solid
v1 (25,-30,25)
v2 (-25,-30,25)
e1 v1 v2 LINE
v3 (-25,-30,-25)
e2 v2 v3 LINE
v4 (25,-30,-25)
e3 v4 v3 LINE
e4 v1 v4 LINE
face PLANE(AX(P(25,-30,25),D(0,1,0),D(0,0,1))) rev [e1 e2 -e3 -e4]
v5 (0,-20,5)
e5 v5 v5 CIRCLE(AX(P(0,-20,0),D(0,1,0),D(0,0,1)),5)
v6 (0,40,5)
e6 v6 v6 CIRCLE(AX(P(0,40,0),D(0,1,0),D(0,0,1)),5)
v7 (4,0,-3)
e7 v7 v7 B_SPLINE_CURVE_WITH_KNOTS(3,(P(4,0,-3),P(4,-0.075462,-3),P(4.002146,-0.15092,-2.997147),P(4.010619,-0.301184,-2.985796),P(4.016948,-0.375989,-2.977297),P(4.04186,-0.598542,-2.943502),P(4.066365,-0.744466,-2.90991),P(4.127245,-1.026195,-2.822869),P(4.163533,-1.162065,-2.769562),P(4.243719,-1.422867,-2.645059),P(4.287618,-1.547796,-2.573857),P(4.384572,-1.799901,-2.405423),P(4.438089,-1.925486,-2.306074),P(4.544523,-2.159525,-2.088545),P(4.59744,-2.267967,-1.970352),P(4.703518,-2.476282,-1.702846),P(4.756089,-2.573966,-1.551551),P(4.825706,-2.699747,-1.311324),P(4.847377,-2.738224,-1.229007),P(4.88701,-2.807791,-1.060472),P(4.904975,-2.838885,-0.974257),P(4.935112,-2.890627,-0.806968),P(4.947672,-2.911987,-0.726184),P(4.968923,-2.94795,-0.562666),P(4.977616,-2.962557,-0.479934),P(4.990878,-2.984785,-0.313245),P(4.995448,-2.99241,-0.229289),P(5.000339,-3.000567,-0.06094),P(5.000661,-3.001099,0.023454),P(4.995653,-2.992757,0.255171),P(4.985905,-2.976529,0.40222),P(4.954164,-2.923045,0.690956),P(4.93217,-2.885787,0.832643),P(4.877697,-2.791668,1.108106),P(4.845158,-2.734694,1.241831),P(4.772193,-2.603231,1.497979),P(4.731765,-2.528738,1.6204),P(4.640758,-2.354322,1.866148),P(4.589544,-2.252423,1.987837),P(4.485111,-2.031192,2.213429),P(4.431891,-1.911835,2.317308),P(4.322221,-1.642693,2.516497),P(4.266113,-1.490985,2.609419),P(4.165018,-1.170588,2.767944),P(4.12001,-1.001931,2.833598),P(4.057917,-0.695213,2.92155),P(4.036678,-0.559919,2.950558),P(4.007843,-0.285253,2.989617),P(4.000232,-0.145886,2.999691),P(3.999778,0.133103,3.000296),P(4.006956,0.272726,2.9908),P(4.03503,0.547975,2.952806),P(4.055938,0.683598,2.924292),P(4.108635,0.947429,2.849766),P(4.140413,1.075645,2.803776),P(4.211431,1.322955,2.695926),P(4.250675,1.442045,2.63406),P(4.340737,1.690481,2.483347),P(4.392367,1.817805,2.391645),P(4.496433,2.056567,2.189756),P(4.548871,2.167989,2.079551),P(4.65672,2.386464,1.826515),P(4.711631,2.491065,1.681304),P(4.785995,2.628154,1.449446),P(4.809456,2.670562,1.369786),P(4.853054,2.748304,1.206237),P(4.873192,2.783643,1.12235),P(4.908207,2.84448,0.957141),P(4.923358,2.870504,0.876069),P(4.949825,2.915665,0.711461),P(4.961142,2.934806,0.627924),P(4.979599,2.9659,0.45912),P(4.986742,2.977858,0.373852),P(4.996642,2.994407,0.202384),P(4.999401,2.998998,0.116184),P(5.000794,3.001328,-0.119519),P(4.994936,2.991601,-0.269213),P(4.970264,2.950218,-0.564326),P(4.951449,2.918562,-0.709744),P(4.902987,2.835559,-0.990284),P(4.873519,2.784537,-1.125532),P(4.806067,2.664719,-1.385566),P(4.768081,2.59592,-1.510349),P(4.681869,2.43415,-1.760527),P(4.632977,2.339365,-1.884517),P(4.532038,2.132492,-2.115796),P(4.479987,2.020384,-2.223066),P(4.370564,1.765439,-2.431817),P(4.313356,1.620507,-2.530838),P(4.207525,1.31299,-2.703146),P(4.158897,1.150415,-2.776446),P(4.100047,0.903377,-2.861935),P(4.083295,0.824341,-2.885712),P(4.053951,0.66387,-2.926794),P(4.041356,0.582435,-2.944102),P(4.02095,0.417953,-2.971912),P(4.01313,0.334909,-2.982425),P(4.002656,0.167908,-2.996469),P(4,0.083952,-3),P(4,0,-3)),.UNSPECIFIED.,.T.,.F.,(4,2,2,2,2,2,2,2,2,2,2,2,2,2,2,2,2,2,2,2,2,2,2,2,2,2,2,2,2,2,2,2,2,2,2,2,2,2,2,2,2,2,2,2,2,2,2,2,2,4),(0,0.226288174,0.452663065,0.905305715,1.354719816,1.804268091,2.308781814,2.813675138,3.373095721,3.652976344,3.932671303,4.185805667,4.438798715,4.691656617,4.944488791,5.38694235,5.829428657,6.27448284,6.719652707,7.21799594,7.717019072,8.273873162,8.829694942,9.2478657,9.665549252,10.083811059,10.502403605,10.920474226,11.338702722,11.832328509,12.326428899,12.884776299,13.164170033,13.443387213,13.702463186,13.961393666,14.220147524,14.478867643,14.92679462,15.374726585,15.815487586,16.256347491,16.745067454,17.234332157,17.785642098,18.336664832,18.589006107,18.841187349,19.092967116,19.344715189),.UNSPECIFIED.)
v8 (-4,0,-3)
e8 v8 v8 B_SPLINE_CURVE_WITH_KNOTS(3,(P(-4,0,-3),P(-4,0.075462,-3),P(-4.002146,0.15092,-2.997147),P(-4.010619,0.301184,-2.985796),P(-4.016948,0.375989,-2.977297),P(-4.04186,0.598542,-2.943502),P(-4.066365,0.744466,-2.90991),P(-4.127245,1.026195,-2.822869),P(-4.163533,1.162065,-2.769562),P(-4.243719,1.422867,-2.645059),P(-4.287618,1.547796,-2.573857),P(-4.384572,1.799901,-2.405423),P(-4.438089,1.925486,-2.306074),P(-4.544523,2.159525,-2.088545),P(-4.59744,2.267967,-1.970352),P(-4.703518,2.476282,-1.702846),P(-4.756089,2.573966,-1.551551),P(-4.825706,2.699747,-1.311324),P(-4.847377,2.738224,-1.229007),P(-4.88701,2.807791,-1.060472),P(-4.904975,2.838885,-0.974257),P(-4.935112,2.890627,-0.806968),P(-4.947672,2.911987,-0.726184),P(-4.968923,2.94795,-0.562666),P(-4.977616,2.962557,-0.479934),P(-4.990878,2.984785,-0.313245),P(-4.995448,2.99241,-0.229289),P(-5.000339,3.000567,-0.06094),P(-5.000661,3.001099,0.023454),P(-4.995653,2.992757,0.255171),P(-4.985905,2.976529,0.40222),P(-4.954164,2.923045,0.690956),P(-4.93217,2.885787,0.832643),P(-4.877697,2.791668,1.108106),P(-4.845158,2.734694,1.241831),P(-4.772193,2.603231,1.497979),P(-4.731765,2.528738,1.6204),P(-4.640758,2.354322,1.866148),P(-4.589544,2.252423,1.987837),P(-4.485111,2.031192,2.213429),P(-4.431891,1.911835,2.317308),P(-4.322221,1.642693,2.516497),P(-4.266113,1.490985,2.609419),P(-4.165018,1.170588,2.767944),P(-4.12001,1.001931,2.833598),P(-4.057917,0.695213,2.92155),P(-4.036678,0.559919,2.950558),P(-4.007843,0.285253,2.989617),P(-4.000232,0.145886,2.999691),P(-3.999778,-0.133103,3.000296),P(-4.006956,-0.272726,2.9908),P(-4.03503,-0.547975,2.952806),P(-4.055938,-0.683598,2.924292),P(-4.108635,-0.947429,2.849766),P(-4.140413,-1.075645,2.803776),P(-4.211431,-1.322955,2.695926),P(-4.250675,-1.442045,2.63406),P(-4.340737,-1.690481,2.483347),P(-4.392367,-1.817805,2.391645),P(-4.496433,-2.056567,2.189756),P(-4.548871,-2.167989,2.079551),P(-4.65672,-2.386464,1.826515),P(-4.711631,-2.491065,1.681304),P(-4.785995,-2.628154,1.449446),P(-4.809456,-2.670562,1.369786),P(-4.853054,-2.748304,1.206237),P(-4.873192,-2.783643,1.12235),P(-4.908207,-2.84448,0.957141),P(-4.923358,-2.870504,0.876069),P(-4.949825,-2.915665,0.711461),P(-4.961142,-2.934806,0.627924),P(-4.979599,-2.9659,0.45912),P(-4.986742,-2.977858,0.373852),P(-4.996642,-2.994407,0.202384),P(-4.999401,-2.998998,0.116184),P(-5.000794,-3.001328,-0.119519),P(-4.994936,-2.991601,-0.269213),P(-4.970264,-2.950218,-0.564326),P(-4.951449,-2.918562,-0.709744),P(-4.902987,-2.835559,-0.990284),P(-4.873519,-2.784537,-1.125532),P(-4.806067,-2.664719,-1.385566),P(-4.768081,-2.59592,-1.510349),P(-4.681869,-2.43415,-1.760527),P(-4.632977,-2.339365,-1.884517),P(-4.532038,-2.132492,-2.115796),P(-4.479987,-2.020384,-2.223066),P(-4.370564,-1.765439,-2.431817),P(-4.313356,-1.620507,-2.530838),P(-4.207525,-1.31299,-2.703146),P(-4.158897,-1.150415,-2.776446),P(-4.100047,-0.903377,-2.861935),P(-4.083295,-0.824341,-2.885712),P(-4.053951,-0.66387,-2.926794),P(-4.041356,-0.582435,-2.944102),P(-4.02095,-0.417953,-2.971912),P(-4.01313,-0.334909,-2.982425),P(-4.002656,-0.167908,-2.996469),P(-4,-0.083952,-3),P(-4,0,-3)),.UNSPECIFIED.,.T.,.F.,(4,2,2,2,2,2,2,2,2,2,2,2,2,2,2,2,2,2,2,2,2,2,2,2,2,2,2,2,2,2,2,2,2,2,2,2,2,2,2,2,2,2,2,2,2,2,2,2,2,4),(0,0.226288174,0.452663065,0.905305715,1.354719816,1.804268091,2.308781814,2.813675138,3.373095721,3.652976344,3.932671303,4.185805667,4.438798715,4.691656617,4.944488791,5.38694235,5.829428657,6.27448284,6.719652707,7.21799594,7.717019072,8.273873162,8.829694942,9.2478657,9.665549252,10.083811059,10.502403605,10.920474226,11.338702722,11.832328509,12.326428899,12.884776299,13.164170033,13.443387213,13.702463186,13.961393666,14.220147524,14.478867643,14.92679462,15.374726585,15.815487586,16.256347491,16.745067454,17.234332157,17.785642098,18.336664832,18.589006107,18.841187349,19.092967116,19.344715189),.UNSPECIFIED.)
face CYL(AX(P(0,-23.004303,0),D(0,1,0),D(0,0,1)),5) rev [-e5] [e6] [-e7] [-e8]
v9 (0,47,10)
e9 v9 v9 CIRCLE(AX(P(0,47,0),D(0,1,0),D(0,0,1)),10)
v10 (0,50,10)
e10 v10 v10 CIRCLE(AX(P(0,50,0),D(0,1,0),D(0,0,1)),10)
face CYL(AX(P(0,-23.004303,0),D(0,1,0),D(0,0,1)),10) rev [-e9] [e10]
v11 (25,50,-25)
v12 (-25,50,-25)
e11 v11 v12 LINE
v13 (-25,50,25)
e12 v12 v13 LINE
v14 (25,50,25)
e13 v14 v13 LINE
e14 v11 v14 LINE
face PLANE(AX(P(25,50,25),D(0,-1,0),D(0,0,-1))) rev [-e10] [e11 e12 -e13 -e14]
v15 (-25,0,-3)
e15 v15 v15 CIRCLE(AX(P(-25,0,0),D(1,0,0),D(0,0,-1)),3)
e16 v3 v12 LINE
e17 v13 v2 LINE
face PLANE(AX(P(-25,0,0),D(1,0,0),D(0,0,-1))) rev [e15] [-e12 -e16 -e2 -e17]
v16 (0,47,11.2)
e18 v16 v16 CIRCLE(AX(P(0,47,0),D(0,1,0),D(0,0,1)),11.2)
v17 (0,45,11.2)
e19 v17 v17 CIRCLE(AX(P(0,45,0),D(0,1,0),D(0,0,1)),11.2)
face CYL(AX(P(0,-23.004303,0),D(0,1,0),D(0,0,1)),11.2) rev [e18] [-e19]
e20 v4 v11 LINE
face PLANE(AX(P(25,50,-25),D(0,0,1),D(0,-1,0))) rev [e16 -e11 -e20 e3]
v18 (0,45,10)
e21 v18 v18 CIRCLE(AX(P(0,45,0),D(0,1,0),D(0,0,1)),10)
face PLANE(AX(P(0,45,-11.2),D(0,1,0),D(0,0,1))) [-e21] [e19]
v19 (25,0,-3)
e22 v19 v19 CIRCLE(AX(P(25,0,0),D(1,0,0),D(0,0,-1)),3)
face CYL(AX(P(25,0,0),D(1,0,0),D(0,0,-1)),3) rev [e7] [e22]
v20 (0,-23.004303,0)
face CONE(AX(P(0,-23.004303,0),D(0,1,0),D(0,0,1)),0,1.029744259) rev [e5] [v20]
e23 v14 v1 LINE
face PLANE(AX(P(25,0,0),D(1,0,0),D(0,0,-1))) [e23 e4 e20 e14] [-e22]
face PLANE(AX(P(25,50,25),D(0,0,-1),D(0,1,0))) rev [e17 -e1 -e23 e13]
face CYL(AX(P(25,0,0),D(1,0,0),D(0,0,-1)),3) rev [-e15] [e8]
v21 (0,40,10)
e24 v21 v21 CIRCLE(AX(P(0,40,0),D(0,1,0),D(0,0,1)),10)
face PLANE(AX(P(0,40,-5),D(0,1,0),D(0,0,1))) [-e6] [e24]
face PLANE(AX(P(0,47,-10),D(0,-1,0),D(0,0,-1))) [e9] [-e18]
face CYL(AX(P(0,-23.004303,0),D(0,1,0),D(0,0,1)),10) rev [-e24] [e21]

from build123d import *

# Parameters (mm, degrees)
SKIZZE1_W                       = 50
SKIZZE1_H                       = 80
AUFSATZ_LINEAR_AUSTRAGEN1_DEPTH = 25
F_6_0_6_DURCHMESSER_BOHRUNG1_D  = 6


with BuildPart() as part:
    # Skizze1 → Aufsatz-Linear austragen1 (new body, symmetric)
    with BuildSketch(Plane(origin=(0, 0, 0), x_dir=(0, 0, -1), z_dir=(1, 0, 0))):
        with Locations((0, 10)):
            Rectangle(SKIZZE1_W, SKIZZE1_H)
    extrude(amount=AUFSATZ_LINEAR_AUSTRAGEN1_DEPTH, both=True)

    # Skizze2 → Schnitt-Rotation1 (revolve, cut)
    with BuildSketch(Plane(origin=(0, 0, 0), x_dir=(0, 0, -1), z_dir=(1, 0, 0)), mode=Mode.PRIVATE) as schnitt_rotation1_sk:
        Polygon((0, 50), (0, -23.004303095), (5, -20), (5, 40), (10, 40), (10, 45), (11.2, 45), (11.2, 47), (10, 47), (10, 50), align=None)
    revolve(schnitt_rotation1_sk.sketch.rotate(Axis((0, -23.004303095, 0), (0, -1, 0)), 180), axis=Axis((0, -23.004303095, 0), (0, -1, 0)), mode=Mode.SUBTRACT)  # turned: the seam where the file's is

    # Ø6.0 (6) Durchmesser Bohrung1 (through all)
    with Locations(Plane(origin=(25, 0, 0), x_dir=(0, 0, -1), z_dir=(1, 0, 0))):
        with Locations((0, 0)):
            Hole(F_6_0_6_DURCHMESSER_BOHRUNG1_D / 2)


solid = part.part
